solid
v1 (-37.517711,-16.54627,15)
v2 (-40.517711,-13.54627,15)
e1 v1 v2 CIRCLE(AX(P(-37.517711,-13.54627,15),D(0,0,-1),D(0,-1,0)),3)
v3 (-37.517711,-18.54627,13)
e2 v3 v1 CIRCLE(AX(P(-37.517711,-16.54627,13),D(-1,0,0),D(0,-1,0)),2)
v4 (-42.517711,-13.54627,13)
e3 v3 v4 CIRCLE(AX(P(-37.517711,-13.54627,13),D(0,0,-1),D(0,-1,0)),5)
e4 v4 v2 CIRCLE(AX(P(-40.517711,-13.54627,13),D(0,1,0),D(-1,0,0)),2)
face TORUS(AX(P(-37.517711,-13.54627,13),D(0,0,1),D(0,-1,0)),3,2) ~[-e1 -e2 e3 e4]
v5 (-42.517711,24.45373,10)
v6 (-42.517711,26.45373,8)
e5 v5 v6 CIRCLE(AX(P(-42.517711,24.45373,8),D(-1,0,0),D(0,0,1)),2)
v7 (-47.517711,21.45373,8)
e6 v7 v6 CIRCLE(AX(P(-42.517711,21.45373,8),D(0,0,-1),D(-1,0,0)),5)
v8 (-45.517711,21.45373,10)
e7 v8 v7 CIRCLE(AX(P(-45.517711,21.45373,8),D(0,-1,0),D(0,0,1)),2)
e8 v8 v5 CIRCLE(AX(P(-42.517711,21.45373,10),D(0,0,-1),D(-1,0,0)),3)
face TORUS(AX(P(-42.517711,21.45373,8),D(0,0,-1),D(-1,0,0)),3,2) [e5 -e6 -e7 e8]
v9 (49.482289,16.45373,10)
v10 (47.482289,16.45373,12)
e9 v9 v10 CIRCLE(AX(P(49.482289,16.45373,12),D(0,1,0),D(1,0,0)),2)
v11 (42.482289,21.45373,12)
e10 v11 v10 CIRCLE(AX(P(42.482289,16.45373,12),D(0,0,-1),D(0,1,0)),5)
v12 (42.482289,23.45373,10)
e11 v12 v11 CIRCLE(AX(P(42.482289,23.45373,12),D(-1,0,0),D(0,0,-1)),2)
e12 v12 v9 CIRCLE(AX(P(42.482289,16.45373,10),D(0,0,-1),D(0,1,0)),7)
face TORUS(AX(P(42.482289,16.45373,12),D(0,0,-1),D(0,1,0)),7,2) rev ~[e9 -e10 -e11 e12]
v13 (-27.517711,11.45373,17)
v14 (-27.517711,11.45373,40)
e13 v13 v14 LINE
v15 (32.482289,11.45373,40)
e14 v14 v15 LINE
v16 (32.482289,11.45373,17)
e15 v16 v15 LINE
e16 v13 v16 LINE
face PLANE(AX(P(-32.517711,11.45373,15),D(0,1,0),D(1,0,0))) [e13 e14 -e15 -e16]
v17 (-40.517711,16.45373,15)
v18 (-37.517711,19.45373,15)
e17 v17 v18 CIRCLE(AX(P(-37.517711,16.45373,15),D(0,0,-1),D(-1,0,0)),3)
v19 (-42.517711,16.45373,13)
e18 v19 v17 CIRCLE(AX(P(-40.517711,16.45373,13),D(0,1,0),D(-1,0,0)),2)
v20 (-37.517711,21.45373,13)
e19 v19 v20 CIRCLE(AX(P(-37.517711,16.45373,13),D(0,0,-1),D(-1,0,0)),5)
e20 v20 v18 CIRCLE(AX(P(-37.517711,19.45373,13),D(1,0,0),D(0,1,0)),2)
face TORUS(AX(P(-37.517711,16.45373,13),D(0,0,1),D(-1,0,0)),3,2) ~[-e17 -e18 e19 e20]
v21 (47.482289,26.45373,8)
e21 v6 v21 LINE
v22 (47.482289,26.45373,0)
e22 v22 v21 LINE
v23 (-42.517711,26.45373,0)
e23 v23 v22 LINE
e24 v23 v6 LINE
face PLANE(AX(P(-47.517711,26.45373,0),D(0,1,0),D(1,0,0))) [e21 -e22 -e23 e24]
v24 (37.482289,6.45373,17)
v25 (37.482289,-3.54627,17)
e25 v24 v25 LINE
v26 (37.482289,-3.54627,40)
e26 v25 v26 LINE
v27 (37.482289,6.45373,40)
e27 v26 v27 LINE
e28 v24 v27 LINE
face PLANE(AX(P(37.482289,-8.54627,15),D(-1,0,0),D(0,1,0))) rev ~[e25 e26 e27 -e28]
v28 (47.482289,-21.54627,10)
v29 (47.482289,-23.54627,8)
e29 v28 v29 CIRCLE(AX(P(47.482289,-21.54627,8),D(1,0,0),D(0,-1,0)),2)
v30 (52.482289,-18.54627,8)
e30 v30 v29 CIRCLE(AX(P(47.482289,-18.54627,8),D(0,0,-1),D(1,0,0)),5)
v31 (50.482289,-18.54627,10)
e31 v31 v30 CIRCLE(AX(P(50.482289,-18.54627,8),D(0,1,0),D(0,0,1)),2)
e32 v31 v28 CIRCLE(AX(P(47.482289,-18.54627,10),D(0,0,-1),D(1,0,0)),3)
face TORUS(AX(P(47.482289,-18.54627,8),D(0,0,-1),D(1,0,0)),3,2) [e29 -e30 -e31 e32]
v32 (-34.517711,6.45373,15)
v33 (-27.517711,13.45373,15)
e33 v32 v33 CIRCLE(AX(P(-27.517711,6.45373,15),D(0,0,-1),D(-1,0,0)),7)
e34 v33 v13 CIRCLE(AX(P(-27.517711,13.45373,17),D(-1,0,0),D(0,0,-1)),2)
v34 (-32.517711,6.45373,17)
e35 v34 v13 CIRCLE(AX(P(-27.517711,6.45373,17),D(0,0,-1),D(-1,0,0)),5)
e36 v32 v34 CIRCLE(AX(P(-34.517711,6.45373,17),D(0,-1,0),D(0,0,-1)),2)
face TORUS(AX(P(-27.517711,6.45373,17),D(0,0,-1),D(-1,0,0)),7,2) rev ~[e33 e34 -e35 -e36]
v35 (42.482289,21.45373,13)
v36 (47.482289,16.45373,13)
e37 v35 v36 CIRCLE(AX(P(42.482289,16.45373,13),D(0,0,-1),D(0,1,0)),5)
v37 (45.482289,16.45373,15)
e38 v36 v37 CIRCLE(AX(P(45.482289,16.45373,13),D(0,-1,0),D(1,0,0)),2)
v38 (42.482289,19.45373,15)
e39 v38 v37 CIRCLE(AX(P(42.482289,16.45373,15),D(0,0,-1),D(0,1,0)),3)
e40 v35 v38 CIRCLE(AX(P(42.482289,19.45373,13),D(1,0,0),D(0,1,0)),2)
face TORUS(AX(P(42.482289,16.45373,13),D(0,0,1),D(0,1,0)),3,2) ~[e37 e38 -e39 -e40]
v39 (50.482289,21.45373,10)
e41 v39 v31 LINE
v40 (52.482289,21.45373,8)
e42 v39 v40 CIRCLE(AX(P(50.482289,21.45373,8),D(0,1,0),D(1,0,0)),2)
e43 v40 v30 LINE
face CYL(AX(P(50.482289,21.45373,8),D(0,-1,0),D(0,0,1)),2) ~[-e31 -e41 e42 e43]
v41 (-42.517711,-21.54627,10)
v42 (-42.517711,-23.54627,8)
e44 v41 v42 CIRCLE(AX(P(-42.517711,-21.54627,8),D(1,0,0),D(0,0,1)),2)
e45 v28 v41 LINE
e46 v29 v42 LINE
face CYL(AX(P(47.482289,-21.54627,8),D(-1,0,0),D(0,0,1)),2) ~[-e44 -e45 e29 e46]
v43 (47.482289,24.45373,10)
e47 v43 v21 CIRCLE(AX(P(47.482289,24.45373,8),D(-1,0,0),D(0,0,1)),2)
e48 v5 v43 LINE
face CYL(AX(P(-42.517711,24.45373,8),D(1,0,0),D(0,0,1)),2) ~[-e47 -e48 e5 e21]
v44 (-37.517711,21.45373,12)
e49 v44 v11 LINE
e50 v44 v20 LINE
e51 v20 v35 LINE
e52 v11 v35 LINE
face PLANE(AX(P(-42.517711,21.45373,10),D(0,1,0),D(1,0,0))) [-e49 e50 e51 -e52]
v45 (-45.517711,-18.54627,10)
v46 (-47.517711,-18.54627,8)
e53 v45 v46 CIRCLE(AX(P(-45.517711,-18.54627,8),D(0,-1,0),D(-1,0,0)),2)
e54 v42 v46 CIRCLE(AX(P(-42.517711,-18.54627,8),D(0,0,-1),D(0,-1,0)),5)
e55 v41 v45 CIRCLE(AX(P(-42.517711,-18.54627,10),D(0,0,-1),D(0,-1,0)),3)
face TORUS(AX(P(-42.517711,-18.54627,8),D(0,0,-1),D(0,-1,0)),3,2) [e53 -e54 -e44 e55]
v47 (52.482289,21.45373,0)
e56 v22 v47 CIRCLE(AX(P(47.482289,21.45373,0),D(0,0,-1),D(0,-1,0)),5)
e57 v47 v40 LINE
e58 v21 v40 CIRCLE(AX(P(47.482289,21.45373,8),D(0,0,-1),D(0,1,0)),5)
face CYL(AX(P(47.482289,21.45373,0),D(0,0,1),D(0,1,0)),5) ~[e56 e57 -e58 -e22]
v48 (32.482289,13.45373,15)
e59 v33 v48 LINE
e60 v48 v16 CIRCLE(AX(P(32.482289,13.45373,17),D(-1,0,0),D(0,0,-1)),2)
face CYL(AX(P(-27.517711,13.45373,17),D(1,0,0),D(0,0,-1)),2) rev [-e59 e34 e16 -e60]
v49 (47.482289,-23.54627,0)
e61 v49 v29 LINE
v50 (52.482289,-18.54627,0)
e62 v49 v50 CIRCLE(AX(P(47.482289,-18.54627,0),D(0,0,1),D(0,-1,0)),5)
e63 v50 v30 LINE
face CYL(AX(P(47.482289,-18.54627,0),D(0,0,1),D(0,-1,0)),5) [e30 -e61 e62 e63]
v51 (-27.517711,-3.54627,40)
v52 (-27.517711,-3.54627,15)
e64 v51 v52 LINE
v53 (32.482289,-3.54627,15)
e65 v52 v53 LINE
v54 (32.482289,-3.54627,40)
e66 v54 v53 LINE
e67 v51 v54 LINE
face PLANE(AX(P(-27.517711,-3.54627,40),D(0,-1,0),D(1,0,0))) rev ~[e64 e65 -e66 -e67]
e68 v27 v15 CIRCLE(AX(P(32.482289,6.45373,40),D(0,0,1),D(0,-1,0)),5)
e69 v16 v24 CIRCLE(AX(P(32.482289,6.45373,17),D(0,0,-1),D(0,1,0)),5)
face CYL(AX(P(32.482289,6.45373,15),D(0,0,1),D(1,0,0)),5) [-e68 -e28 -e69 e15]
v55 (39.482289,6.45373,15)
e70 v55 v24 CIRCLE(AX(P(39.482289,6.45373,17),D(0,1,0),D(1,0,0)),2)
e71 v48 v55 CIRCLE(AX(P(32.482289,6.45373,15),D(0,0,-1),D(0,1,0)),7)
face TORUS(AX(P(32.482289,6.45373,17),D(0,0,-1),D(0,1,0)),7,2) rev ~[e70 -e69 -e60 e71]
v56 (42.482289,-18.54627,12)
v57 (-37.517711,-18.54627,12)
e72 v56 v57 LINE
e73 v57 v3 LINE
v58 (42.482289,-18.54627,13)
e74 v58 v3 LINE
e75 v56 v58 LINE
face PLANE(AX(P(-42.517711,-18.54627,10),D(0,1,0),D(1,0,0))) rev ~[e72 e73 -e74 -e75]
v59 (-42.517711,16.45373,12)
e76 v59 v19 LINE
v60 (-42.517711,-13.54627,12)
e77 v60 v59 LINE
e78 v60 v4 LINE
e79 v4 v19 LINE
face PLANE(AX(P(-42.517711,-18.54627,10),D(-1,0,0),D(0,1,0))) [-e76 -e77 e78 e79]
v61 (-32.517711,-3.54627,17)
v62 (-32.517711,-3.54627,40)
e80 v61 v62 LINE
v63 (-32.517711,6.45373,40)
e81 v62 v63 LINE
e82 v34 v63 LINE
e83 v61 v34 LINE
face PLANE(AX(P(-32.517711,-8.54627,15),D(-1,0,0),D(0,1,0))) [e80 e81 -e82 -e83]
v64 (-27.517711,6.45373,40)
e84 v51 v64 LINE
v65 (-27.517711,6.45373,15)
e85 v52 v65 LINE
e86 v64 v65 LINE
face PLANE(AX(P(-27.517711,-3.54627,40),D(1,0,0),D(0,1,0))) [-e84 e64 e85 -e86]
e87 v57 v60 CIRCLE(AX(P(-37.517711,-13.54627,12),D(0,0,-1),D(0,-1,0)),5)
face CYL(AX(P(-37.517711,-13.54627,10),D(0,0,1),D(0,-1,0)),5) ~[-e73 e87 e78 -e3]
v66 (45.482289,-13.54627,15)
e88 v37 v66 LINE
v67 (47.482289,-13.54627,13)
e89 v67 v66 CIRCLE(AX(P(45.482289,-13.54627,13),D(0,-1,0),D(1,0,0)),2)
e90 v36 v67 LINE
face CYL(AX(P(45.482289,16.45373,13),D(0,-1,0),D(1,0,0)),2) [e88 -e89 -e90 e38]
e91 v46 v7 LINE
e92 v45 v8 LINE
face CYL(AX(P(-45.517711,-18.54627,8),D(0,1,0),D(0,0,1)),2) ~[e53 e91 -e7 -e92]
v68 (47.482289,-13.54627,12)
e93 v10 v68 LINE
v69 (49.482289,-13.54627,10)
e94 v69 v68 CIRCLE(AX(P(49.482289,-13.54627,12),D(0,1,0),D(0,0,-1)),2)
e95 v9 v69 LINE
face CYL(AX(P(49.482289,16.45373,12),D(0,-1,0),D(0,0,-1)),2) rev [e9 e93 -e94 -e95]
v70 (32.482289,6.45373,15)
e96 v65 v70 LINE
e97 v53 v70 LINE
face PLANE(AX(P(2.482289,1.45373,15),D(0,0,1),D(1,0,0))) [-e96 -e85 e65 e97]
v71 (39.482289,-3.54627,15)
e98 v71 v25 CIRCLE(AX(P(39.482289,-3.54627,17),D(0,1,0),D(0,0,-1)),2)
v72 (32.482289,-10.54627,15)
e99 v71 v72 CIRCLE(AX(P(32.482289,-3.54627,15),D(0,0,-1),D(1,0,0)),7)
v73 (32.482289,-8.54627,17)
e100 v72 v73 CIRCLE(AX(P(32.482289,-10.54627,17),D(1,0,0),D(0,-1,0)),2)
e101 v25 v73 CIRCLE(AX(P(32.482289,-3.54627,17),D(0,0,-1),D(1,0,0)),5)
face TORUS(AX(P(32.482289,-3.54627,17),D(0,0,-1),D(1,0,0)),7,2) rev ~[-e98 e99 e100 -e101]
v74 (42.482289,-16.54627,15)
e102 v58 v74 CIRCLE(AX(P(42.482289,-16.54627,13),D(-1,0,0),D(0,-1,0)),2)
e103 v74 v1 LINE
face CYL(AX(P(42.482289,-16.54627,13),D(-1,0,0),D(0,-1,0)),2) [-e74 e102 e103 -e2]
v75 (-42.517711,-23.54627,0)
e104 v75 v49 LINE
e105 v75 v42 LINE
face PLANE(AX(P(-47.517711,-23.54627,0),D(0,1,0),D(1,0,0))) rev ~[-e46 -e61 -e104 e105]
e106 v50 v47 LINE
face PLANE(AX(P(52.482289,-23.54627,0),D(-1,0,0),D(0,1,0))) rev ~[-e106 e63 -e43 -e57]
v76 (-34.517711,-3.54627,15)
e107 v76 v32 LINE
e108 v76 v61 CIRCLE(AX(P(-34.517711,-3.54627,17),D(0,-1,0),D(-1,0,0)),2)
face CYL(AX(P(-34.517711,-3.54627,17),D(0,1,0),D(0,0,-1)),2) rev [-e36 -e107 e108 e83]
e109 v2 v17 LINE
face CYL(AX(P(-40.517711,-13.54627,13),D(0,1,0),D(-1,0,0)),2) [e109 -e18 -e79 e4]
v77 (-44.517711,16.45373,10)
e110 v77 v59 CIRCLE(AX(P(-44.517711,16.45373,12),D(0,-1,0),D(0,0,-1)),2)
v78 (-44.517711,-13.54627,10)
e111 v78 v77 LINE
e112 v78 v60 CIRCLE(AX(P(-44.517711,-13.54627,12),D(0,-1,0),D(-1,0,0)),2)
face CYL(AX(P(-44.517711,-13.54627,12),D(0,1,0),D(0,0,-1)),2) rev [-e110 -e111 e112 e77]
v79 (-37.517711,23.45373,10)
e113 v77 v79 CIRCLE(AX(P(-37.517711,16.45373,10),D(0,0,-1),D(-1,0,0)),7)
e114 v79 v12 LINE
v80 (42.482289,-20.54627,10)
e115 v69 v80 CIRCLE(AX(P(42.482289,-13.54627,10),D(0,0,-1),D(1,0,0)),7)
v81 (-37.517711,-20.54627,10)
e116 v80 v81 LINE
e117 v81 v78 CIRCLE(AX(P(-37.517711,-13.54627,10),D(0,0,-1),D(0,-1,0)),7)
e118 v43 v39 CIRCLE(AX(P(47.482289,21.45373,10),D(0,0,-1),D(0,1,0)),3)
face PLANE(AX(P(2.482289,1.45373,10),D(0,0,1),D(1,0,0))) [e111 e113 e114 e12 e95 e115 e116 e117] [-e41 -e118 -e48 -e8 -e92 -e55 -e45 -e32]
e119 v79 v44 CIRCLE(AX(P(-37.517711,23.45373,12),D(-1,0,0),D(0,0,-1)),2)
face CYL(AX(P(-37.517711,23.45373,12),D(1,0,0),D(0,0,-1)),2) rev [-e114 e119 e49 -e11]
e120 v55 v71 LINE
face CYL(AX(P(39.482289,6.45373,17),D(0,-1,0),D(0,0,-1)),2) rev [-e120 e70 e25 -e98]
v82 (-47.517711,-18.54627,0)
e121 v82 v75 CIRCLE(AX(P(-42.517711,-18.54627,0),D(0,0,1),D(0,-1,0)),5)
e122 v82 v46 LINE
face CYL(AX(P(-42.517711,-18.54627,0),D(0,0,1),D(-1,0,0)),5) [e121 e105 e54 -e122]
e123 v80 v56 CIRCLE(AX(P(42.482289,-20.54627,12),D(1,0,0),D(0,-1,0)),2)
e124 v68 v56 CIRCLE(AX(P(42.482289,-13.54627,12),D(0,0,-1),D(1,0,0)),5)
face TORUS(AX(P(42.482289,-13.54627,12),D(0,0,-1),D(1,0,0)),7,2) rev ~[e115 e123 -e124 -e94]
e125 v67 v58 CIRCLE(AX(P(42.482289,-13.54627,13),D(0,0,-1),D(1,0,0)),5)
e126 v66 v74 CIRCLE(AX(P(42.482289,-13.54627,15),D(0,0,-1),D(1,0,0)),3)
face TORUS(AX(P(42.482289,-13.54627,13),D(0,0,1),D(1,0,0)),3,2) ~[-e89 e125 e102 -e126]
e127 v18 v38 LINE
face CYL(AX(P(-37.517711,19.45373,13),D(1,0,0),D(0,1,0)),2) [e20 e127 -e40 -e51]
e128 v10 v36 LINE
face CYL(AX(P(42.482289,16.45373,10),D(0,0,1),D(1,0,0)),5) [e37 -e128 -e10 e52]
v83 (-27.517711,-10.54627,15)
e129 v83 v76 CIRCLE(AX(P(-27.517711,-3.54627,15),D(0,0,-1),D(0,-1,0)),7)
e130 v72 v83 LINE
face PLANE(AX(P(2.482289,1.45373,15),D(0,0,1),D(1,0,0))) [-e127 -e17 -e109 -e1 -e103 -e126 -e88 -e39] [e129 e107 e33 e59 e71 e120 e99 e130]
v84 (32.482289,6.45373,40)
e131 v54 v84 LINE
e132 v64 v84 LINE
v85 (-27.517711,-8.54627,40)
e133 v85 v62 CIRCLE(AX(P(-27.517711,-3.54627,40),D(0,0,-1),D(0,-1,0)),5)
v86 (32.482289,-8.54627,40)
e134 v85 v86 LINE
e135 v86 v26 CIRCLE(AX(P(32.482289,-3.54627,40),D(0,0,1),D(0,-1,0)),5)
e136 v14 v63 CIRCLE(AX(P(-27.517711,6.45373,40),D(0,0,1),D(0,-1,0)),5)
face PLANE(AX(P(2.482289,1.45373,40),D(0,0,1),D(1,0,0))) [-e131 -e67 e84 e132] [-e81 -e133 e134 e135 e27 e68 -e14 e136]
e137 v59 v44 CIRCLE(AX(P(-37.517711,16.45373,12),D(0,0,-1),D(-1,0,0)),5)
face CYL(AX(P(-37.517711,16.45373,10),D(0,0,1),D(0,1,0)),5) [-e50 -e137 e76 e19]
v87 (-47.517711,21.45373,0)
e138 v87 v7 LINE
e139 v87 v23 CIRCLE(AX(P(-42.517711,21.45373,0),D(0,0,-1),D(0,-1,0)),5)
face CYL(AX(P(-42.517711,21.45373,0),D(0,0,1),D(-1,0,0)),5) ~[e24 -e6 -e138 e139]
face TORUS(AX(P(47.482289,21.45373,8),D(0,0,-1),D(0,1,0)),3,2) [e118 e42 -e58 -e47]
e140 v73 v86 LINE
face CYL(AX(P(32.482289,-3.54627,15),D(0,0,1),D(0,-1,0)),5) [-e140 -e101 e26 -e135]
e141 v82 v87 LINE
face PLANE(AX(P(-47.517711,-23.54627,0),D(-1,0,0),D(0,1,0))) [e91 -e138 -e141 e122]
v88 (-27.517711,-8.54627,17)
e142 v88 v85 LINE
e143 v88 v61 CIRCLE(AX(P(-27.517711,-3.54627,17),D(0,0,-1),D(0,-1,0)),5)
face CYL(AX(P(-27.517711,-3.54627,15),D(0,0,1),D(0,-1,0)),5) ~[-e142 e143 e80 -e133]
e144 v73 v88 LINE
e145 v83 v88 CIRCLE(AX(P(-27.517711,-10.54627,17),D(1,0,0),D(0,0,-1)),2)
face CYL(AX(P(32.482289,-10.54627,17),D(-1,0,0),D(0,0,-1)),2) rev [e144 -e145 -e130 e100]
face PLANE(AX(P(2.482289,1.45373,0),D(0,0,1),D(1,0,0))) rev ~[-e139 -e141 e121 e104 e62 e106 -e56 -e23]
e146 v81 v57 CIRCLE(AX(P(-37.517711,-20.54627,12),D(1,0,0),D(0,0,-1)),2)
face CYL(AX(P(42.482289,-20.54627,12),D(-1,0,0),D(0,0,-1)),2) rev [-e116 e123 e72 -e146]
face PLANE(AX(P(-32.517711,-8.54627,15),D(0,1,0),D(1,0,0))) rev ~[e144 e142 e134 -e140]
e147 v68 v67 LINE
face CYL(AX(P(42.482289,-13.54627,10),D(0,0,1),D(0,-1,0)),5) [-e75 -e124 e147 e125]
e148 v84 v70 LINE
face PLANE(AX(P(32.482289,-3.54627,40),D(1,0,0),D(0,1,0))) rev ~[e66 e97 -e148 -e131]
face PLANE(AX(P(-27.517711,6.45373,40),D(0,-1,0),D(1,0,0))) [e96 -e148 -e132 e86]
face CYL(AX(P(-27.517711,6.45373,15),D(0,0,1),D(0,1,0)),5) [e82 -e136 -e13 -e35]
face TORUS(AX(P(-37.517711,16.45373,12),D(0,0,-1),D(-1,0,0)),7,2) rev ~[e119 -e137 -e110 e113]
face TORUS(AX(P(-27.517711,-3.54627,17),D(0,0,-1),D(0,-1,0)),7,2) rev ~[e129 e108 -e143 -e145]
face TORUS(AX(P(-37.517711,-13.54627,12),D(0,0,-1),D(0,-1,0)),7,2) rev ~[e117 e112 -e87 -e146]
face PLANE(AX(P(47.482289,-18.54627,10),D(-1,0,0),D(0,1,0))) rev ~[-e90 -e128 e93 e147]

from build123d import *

# Parameters (mm, degrees)
F0_W     = 100
F0_H     = 50
F1_DEPTH = 10
F2_W     = 90
F2_H     = 40
F3_DEPTH = 5
F4_W     = 70
F4_H     = 20
F5_DEPTH = 25
F6_W     = 60
F6_H     = 10
F7_DEPTH = 25
F8_R     = 5
F9_R     = 5
F10_R    = 5
F11_R    = 2


with BuildPart() as f1:
    # F0 (on Top) → F1 (new body)
    with BuildSketch(Plane.XY):
        with Locations((2.482289, 1.45373)):
            Rectangle(F0_W, F0_H)
    extrude(amount=F1_DEPTH)

    # F2 (on face) → F3 (join)
    with BuildSketch(Plane.XY.offset(10)):
        with Locations((2.482289, 1.45373)):
            Rectangle(F2_W, F2_H)
    extrude(amount=F3_DEPTH)

    # F4 (on face) → F5 (join)
    with BuildSketch(Plane.XY.offset(15)):
        with Locations((2.482289, 1.45373)):
            Rectangle(F4_W, F4_H)
    extrude(amount=F5_DEPTH)

    # F6 (on face) → F7 (cut)
    with BuildSketch(Plane.XY.offset(40)):
        with Locations((2.482289, 1.45373)):
            Rectangle(F6_W, F6_H)
    extrude(amount=-F7_DEPTH, mode=Mode.SUBTRACT)

    # F8
    f8_edges = [f1.edges().sort_by_distance(p)[0] for p in [
        (37.482289, -8.54627, 27.5),
        (37.482289, 11.45373, 27.5),
        (-32.517711, -8.54627, 27.5),
        (-32.517711, 11.45373, 27.5),
    ]]
    fillet(f8_edges, radius=F8_R)

    # F9
    f9_edges = [f1.edges().sort_by_distance(p)[0] for p in [
        (52.482289, 26.45373, 5),
        (-47.517711, -23.54627, 5),
        (-47.517711, 26.45373, 5),
        (52.482289, -23.54627, 5),
    ]]
    fillet(f9_edges, radius=F9_R)

    # F10
    f10_edges = [f1.edges().sort_by_distance(p)[0] for p in [
        (47.482289, -18.54627, 12.5),
        (-42.517711, -18.54627, 12.5),
        (47.482289, 21.45373, 12.5),
        (-42.517711, 21.45373, 12.5),
    ]]
    fillet(f10_edges, radius=F10_R)

    # F11
    f11_edges = [f1.edges().sort_by_distance(p)[0] for p in [
        (2.482289, 11.45373, 15),
        (2.482289, 21.45373, 15),
        (2.482289, 21.45373, 10),
        (2.482289, 26.45373, 10),
    ]]
    fillet(f11_edges, radius=F11_R)


solid = f1.part
